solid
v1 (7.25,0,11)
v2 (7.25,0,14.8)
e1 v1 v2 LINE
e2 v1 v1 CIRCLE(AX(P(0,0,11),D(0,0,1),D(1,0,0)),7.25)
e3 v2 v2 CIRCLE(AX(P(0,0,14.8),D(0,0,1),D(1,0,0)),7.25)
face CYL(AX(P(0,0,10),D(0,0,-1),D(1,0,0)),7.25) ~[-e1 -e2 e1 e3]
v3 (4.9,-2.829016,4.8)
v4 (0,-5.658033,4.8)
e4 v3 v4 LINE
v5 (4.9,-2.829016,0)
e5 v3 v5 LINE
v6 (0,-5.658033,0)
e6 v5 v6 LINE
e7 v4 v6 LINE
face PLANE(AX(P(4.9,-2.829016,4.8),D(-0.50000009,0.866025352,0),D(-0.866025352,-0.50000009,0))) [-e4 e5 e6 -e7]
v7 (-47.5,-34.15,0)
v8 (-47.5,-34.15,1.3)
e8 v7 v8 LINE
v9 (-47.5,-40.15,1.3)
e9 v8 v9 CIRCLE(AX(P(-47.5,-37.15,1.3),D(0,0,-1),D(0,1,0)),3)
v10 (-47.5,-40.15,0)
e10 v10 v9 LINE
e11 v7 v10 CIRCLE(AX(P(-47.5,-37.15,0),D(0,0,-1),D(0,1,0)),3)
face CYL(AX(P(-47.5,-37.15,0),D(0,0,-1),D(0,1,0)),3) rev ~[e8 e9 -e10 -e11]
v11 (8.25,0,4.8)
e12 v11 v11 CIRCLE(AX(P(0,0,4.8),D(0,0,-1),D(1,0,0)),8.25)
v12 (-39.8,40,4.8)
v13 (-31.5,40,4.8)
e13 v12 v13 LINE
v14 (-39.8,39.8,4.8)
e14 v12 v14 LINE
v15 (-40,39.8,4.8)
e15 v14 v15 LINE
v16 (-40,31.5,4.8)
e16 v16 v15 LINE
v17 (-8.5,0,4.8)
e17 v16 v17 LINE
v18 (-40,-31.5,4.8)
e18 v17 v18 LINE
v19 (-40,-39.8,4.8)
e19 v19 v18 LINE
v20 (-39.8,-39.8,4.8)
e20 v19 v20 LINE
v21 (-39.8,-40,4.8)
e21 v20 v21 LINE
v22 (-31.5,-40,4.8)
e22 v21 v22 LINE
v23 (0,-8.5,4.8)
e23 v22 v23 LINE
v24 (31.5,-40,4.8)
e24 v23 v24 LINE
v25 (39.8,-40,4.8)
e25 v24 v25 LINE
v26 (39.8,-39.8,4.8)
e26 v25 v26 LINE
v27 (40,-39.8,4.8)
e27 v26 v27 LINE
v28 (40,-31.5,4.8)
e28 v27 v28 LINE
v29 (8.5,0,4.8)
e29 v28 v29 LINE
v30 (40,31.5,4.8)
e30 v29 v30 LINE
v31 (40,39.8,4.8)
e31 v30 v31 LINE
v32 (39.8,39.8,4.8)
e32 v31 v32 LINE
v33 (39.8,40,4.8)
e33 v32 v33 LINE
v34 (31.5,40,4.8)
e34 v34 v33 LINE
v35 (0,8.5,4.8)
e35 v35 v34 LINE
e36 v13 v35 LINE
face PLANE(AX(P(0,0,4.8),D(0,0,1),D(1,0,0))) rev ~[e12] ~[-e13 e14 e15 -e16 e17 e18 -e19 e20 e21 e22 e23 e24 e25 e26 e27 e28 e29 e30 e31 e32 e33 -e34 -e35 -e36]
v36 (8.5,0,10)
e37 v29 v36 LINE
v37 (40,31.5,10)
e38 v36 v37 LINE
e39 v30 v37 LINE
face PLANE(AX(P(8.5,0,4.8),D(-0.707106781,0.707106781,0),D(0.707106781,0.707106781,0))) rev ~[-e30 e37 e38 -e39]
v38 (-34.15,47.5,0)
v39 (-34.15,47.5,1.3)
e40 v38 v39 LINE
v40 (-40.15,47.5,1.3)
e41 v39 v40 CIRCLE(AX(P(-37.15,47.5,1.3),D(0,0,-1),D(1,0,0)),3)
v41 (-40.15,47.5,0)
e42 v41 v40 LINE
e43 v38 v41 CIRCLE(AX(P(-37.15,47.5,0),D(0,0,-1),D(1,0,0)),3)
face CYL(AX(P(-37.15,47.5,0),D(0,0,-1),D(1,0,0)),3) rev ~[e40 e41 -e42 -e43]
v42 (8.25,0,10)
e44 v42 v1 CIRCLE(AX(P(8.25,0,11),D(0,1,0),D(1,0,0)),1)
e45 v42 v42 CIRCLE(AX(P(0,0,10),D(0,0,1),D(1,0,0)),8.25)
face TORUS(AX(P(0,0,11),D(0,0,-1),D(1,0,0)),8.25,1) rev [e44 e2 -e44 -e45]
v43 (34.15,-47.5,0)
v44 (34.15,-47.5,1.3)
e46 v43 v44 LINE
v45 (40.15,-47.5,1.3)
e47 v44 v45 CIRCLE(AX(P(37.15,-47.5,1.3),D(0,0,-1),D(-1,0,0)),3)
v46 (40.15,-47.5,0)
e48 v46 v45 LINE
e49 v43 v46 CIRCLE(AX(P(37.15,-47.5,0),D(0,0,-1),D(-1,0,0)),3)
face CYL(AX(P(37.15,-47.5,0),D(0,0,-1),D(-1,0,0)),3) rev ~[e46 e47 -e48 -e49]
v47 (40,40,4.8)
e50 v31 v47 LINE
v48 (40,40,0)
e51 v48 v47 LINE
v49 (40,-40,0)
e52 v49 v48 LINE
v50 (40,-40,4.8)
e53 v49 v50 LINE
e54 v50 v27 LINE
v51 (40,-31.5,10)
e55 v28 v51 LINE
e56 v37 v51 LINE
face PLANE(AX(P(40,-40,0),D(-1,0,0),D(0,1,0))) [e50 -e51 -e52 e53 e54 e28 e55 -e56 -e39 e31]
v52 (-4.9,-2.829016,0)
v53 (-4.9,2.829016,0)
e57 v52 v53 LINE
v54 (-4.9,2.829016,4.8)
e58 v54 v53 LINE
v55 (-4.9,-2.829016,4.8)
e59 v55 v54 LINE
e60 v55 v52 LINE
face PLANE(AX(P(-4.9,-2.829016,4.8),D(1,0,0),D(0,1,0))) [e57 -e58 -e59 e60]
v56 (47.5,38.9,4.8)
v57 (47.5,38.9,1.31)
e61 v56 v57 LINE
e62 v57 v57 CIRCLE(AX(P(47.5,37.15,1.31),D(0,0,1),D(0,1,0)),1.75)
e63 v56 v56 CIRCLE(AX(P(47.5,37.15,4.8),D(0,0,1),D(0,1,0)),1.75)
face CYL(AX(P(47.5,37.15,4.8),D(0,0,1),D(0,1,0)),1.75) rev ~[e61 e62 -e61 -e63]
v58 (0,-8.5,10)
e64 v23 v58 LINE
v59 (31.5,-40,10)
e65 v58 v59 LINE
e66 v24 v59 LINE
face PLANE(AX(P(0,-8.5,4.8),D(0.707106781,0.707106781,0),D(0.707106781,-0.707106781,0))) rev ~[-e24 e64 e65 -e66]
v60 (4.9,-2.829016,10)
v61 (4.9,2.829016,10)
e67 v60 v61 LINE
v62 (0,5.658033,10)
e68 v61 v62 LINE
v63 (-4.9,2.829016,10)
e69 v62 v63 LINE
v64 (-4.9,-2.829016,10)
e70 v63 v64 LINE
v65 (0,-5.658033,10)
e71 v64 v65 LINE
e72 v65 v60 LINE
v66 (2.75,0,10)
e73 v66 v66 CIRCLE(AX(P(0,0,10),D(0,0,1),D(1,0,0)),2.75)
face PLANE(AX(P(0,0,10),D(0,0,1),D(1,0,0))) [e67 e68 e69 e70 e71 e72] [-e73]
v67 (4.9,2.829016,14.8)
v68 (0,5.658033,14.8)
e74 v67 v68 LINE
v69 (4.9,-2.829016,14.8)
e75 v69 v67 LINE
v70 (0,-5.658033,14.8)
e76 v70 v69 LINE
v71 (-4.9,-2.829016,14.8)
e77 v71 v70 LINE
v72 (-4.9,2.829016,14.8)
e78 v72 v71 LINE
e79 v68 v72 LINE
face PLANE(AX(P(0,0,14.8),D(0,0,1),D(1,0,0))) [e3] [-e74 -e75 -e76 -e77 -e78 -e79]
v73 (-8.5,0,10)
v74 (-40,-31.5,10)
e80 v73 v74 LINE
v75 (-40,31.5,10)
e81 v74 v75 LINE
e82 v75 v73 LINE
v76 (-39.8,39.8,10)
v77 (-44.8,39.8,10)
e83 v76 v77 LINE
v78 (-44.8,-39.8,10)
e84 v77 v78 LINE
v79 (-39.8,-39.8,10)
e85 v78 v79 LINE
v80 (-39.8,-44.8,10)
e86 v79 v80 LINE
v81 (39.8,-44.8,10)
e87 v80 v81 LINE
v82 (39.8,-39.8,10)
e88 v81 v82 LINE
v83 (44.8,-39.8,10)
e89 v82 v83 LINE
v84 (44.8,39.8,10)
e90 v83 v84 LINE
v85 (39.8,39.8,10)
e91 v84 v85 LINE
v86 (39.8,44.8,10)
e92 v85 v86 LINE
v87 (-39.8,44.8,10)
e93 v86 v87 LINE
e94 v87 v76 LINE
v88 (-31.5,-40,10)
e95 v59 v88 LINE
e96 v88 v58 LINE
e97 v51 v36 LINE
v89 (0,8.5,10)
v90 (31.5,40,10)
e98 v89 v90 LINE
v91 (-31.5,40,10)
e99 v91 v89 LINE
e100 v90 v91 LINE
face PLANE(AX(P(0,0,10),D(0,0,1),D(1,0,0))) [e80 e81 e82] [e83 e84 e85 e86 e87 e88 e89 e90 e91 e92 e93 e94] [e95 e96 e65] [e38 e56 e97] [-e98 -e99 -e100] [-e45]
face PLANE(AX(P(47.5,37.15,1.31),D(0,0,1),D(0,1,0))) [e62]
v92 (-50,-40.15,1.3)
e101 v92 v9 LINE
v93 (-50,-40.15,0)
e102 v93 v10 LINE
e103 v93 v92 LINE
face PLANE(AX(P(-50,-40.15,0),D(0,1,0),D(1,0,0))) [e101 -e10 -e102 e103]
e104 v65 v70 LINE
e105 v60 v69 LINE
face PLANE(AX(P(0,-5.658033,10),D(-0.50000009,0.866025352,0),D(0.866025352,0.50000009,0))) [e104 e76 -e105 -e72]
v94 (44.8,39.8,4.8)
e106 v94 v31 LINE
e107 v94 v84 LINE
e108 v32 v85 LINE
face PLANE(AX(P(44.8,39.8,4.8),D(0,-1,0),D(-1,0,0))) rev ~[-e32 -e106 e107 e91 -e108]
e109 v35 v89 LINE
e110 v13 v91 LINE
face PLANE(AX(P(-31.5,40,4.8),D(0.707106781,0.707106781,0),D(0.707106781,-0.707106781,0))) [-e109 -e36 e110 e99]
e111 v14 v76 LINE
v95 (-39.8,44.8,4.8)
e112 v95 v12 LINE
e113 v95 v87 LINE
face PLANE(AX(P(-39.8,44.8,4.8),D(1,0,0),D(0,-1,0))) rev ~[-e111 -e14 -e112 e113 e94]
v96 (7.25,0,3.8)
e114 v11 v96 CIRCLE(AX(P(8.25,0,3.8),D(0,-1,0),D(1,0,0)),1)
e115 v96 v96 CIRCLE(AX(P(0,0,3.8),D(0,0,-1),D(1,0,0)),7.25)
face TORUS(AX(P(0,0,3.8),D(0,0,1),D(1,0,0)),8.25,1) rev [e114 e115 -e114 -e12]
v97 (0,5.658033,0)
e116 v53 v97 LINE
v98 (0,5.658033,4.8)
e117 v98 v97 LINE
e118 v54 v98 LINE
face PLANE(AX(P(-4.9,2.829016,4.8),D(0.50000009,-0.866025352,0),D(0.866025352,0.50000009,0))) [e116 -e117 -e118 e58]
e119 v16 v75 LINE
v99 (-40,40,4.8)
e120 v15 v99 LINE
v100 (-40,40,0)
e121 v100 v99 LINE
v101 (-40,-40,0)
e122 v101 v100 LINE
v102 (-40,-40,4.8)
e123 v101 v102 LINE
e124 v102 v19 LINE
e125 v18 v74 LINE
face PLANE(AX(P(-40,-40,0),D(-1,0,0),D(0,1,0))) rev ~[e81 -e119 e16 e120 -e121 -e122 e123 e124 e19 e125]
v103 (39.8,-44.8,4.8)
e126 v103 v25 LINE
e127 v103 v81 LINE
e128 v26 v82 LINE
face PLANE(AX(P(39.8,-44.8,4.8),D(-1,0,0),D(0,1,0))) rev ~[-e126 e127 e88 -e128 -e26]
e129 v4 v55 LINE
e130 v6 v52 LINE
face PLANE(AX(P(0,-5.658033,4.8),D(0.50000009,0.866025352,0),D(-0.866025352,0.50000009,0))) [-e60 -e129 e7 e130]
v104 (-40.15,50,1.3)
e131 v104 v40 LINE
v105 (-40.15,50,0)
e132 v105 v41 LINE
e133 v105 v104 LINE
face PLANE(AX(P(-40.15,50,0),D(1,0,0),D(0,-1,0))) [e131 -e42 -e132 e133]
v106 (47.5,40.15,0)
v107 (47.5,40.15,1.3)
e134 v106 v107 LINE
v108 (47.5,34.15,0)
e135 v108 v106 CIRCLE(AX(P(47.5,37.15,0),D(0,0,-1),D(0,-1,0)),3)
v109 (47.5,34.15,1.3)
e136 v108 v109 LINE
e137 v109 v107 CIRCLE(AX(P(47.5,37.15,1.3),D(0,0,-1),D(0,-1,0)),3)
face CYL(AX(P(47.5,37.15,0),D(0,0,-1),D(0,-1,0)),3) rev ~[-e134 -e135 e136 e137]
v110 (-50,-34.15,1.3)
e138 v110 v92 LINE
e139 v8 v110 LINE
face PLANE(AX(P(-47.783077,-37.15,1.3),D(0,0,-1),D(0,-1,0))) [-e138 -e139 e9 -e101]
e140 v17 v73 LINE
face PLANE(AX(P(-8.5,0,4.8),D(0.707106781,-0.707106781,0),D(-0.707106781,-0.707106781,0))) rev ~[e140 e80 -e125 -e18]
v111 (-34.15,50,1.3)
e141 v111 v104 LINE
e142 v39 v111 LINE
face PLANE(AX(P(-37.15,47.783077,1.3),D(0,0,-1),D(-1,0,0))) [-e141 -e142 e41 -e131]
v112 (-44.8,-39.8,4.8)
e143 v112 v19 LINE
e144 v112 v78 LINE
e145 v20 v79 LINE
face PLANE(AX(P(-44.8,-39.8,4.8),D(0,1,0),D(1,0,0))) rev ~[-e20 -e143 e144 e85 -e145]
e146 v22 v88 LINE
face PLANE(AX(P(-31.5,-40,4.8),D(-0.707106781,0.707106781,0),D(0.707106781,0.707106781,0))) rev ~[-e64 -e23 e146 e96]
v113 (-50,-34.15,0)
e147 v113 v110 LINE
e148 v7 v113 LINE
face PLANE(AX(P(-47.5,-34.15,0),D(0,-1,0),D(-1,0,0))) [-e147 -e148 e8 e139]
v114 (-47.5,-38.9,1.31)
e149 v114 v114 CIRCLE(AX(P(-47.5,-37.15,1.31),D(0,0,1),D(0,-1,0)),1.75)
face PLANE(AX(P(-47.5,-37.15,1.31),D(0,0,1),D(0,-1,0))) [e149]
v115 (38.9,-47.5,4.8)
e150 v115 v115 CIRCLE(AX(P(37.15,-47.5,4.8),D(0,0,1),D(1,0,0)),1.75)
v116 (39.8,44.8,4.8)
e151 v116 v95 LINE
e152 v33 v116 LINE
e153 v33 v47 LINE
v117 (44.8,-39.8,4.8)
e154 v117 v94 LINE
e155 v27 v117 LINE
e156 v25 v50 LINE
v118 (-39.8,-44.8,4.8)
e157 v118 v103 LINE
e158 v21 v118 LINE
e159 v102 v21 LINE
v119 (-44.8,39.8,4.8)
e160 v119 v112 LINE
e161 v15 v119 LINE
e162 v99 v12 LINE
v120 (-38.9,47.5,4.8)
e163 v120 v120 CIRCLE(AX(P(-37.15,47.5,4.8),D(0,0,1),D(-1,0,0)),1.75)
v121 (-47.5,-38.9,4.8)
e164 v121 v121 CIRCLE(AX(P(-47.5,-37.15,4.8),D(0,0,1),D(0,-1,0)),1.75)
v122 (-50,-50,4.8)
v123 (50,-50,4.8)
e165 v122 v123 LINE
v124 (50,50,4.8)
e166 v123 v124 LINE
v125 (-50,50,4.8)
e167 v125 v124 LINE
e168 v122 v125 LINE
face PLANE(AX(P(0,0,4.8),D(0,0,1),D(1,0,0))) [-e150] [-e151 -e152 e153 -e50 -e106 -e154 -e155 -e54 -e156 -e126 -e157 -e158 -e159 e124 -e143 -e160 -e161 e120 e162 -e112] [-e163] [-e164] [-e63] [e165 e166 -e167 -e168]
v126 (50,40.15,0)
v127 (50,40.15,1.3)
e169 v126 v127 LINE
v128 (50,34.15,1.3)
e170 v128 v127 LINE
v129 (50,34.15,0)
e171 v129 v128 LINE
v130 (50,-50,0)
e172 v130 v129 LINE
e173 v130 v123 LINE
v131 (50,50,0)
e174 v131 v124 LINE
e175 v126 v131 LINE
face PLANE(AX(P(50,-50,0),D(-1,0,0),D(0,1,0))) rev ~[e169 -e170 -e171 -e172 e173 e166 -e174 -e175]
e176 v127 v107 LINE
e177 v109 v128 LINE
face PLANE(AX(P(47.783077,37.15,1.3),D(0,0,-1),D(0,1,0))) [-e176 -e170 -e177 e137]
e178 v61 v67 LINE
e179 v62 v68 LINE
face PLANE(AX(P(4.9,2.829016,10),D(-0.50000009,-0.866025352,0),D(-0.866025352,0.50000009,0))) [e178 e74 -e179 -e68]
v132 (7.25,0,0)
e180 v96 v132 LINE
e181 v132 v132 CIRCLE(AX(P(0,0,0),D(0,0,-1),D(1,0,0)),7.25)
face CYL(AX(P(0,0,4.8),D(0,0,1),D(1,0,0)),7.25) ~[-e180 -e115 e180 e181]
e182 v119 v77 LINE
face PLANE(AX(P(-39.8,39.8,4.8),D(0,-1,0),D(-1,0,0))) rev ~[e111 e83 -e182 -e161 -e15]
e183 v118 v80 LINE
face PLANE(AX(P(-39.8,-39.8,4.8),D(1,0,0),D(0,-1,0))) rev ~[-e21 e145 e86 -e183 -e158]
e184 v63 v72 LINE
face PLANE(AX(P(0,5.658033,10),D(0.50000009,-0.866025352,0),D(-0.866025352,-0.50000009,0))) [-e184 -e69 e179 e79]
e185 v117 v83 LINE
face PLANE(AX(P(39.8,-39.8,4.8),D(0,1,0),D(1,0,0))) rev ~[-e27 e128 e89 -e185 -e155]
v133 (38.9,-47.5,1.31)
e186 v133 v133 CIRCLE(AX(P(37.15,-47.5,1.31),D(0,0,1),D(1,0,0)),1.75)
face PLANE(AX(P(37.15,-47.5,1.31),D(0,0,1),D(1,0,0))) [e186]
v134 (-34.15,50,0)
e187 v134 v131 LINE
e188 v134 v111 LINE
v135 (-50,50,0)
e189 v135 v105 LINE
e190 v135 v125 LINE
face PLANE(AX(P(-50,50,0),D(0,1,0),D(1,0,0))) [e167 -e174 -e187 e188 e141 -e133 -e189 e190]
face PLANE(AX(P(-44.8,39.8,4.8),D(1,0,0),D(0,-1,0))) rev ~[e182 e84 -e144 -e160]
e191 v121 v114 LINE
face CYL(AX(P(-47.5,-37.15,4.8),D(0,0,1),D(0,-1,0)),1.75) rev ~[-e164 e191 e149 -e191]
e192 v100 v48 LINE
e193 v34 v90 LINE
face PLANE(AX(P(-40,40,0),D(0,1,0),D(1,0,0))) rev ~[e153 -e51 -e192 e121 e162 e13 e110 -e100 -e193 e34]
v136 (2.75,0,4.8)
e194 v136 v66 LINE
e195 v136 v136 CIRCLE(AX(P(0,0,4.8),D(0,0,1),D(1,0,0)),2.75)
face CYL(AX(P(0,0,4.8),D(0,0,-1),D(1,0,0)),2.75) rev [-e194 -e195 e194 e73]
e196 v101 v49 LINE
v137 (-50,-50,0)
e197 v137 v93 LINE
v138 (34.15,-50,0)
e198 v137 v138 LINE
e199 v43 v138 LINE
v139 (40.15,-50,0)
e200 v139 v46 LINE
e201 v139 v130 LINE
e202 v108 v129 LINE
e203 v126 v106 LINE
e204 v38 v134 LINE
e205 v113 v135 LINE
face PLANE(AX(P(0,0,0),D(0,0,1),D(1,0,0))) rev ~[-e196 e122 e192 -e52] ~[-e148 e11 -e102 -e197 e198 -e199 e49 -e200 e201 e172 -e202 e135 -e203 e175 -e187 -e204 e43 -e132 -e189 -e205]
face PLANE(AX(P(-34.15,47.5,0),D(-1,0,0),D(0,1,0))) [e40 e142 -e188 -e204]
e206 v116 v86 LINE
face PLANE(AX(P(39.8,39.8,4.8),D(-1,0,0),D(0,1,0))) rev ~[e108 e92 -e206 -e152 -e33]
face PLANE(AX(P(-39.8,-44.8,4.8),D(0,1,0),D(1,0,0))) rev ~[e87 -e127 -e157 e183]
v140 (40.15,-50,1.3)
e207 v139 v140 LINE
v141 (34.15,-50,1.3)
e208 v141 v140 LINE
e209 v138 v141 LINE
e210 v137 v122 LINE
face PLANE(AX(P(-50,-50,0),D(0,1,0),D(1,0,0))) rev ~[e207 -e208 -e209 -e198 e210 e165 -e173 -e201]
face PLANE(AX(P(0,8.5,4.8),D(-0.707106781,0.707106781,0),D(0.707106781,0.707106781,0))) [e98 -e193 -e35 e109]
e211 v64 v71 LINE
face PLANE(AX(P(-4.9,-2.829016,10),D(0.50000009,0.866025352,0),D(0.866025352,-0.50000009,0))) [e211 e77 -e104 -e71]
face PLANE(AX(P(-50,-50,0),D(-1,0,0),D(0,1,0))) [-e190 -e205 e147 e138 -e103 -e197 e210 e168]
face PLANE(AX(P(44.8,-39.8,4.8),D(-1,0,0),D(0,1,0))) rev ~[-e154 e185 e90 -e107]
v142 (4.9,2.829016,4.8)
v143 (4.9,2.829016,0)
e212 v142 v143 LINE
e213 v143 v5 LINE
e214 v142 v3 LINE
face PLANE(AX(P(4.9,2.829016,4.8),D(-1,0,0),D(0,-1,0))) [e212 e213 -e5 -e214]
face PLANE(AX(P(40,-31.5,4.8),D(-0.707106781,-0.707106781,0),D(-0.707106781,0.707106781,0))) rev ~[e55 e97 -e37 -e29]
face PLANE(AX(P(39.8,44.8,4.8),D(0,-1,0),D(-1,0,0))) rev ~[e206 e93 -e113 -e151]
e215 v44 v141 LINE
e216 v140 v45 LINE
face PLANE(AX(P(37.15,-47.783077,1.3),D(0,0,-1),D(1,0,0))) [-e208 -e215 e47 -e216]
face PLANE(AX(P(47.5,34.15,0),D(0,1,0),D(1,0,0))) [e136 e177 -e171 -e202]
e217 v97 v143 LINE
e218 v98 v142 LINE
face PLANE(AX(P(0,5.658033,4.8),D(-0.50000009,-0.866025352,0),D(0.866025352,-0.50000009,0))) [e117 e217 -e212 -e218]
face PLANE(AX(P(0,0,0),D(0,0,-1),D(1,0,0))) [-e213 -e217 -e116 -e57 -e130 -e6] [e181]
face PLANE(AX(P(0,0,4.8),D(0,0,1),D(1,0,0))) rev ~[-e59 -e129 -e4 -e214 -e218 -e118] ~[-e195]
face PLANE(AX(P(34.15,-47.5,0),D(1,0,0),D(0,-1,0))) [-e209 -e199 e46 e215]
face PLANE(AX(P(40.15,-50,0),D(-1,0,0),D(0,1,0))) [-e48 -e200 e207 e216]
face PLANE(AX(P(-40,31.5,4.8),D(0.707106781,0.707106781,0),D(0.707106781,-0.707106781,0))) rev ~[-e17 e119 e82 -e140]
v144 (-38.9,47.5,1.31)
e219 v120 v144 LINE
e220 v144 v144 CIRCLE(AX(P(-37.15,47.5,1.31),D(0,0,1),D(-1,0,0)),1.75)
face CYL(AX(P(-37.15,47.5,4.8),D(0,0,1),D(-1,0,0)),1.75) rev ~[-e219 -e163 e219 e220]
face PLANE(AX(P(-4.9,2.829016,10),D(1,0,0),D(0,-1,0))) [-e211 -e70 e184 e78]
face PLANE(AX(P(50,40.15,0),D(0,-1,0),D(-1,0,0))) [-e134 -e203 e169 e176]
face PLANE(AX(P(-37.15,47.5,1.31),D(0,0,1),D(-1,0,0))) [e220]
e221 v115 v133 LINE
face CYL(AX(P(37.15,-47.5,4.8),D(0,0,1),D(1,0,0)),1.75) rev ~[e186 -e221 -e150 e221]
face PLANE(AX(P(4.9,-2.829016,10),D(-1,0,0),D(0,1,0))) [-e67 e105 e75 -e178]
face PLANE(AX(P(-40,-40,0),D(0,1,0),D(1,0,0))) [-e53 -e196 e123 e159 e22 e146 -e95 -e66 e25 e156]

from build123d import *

# Parameters (mm, degrees)
SKETCH_W           = 100
SKETCH_H           = 100
SKETCH_W_2         = 80
SKETCH_H_2         = 80
PAD_DEPTH          = 4.8
SKETCH001_R        = 2.75
PAD001_DEPTH       = 5.2
SKETCH002_R        = 7.25
PAD002_DEPTH       = 4.8
SKETCH003_R        = 7.25
PAD003_DEPTH       = 4.8
POCKET001_DEPTH    = 1.3
SKETCH006_R        = 1.75
POCKET002_DEPTH    = 3.49
POLARPATTERN_COUNT = 4
FILLET_R           = 1


with BuildPart() as part:
    # Sketch → Pad (new body)
    with BuildSketch(Plane.XY):
        Rectangle(SKETCH_W, SKETCH_H)
        Rectangle(SKETCH_W_2, SKETCH_H_2, mode=Mode.SUBTRACT)
    extrude(amount=PAD_DEPTH)

    # Sketch001 (on Face10 of Pad) → Pad001 (join)
    with BuildSketch(Plane.XY.offset(4.8)):
        Polygon((-44.8, 39.8), (-44.8, -39.8), (-39.8, -39.8), (-39.8, -44.8), (39.8, -44.8), (39.8, -39.8), (44.8, -39.8), (44.8, 39.8), (39.8, 39.8), (39.8, 44.8), (-39.8, 44.8), (-39.8, 39.8), align=None)
        Circle(SKETCH001_R, mode=Mode.SUBTRACT)
        Polygon((-31.5, 40), (0, 8.5), (31.5, 40), align=None, mode=Mode.SUBTRACT)
        Polygon((-40, 31.5), (-8.5, 0), (-40, -31.5), align=None, mode=Mode.SUBTRACT)
        Polygon((8.5, 0), (40, 31.5), (40, -31.5), align=None, mode=Mode.SUBTRACT)
        Polygon((0, -8.5), (31.5, -40), (-31.5, -40), align=None, mode=Mode.SUBTRACT)
    extrude(amount=PAD001_DEPTH)

    # Sketch002 (on Face20 of Pad001) → Pad002 (join)
    with BuildSketch(Plane.XY.offset(10)):
        Circle(SKETCH002_R)
        Polygon((0, -5.658033), (4.9, -2.829016), (4.9, 2.829016), (0, 5.658033), (-4.9, 2.829016), (-4.9, -2.829016), align=None, mode=Mode.SUBTRACT)
    extrude(amount=PAD002_DEPTH)

    # Sketch003 (on Face23 of Pad002) → Pad003 (join)
    with BuildSketch(Plane(origin=(0, 0, 4.8), x_dir=(1, 0, 0), z_dir=(0, 0, -1))):
        Circle(SKETCH003_R)
        Polygon((0, -5.658033), (4.9, -2.829016), (4.9, 2.829016), (0, 5.658033), (-4.9, 2.829016), (-4.9, -2.829016), align=None, mode=Mode.SUBTRACT)
    extrude(amount=PAD003_DEPTH)

    # Sketch005 → Pocket001 (cut)
    with BuildSketch(Plane(origin=(0, 0, 0), x_dir=(1, 0, 0), z_dir=(0, 0, -1))):
        with BuildLine():
            ThreePointArc((34.15, 47.5), (37.15, 44.5), (40.15, 47.5))
            Line((40.15, 50), (40.15, 47.5))
            Line((34.15, 50), (40.15, 50))
            Line((34.15, 47.5), (34.15, 50))
        make_face()
    pocket001 = extrude(amount=-POCKET001_DEPTH, mode=Mode.SUBTRACT)

    # Sketch006 (on Face5 of Pocket001) → Pocket002 (cut)
    with BuildSketch(Plane.XY.offset(4.8)):
        with Locations((37.15, -47.5)):
            Circle(SKETCH006_R)
    pocket002 = extrude(amount=-POCKET002_DEPTH, mode=Mode.SUBTRACT)

    # PolarPattern: Pocket002, Pocket001 ×4 about axis
    polarpattern_axis = Axis((0, 0, 4.8), (0, 0, 1))
    for i in range(1, POLARPATTERN_COUNT):
        add(pocket002.rotate(polarpattern_axis, i * 360 / POLARPATTERN_COUNT), mode=Mode.SUBTRACT)
        add(pocket001.rotate(polarpattern_axis, i * 360 / POLARPATTERN_COUNT), mode=Mode.SUBTRACT)

    # Fillet
    fillet_edges = [part.edges().sort_by_distance(p)[0] for p in [
        (-7.25, 0, 10),
        (-7.25, 0, 4.8),
    ]]
    fillet(fillet_edges, radius=FILLET_R)


solid = part.part
